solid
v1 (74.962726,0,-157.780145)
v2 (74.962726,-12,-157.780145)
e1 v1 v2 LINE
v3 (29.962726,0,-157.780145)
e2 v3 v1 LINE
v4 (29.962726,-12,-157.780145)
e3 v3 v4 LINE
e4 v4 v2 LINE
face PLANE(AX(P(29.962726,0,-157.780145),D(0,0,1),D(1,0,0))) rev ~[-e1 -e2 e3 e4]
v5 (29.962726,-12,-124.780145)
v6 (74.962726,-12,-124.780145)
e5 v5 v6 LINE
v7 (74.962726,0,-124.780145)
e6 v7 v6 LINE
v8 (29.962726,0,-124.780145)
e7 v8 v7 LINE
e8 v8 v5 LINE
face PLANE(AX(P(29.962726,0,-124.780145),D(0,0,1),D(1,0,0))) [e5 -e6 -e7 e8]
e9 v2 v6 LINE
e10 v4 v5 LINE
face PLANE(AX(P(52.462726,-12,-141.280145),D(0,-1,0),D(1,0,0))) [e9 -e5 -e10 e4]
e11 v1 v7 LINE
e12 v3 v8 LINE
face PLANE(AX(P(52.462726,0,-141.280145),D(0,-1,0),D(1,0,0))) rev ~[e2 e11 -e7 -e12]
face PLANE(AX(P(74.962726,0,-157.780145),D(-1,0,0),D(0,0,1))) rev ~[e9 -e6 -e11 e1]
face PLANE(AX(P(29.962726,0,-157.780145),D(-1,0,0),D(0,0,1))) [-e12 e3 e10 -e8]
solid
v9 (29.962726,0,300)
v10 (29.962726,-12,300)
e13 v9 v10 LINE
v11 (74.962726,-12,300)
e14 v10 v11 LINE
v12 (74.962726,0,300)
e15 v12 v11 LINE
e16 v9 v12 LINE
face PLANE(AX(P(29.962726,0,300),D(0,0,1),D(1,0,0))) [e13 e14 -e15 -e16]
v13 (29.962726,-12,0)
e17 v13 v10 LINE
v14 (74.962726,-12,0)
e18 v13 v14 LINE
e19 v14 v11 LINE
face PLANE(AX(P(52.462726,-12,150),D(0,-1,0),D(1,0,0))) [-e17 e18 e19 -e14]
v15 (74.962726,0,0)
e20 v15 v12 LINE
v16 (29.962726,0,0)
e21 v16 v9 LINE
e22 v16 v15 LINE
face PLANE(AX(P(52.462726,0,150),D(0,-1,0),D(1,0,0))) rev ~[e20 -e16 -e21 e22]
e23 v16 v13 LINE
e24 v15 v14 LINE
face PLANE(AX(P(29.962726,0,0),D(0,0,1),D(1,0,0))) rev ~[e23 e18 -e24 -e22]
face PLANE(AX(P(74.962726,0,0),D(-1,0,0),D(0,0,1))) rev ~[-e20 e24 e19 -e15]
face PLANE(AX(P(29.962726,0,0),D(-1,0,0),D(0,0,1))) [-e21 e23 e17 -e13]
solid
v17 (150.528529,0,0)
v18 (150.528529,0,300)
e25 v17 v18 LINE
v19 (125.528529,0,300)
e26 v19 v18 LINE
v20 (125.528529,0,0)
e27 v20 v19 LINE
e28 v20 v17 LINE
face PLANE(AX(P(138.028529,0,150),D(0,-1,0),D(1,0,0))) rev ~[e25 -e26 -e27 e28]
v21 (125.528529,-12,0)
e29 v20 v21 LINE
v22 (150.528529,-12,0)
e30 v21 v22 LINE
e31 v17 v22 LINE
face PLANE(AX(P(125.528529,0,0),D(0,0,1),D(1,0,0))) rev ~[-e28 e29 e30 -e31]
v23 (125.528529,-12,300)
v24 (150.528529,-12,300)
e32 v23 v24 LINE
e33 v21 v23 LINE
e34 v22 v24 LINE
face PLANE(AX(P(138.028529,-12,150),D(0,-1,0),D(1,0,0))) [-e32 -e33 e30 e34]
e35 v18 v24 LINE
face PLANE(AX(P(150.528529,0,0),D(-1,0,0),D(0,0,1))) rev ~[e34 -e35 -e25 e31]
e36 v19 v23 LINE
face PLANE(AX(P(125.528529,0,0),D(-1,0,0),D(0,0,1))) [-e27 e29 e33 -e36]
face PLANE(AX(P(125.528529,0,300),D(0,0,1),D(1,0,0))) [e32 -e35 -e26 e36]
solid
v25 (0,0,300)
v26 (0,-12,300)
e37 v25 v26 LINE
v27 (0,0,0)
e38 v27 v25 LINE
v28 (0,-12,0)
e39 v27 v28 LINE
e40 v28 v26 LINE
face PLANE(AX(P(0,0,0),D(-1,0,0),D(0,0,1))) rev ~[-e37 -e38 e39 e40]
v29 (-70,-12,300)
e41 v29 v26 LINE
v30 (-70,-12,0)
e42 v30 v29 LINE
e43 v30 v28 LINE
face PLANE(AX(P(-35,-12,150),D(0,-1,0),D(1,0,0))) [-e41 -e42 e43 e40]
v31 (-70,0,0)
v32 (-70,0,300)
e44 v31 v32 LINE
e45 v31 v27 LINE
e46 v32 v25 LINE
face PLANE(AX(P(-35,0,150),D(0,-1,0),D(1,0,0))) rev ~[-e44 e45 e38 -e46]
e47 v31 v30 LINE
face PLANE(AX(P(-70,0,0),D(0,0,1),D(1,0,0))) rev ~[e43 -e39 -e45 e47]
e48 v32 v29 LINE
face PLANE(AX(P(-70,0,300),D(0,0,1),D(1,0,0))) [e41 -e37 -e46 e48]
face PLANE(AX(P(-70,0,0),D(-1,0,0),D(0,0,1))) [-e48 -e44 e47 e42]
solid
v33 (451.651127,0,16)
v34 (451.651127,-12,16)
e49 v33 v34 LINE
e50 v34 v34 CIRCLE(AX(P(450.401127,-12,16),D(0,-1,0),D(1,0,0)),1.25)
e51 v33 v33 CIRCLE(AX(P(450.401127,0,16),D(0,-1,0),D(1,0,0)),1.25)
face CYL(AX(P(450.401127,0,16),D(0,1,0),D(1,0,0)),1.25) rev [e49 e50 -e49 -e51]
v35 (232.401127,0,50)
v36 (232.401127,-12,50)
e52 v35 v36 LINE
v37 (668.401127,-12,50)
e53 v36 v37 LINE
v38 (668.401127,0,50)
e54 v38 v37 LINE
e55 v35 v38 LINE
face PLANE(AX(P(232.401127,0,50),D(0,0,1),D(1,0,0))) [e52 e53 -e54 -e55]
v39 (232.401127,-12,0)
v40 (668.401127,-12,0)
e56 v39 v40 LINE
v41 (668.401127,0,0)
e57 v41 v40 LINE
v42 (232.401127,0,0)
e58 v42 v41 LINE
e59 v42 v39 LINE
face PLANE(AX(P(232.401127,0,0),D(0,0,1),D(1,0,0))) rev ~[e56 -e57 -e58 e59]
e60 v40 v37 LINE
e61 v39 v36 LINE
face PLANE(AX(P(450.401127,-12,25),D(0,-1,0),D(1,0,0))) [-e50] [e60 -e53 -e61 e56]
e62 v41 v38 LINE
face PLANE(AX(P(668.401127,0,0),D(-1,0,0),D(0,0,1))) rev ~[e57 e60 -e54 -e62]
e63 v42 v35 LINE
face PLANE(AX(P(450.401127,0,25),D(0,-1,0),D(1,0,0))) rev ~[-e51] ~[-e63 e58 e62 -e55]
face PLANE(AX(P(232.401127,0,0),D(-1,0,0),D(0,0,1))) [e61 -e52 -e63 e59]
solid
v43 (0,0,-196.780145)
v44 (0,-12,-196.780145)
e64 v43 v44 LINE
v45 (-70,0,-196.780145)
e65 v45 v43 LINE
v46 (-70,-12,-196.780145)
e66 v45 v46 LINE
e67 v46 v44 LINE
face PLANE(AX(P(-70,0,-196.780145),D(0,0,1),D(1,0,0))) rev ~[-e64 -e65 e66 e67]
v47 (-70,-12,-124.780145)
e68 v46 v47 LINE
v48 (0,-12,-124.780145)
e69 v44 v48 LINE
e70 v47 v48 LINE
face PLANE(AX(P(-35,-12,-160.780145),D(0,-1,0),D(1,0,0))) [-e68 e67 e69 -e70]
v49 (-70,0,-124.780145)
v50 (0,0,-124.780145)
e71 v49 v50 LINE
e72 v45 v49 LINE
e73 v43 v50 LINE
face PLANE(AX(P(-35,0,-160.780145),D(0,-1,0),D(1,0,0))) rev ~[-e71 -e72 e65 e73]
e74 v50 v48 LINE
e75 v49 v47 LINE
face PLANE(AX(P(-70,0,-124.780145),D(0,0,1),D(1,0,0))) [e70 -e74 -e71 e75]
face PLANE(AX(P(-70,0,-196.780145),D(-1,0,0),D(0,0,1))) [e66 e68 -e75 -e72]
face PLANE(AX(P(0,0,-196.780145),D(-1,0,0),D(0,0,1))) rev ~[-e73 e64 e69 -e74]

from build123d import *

# Parameters (mm, degrees)
F0_W     = 70
F0_H     = 300
F0_W_2   = 45
F0_W_3   = 25
F0_W_4   = 436
F0_H_2   = 50
F0_R     = 1.25
F0_H_3   = 72
F0_H_4   = 33
F1_DEPTH = 12


with BuildPart() as f1:
    # F0 (on Front) → F1 (new body)
    with BuildSketch(Plane.XZ):
        with Locations((-35, 150)):
            Rectangle(F0_W, F0_H)
        with Locations((52.462726, 150)):
            Rectangle(F0_W_2, F0_H)
        with Locations((138.028529, 150)):
            Rectangle(F0_W_3, F0_H)
        with Locations((450.401127, 25)):
            Rectangle(F0_W_4, F0_H_2)
        with Locations((450.401127, 16)):
            Circle(F0_R, mode=Mode.SUBTRACT)
        with Locations((-35, -160.780145)):
            Rectangle(F0_W, F0_H_3)
        with Locations((52.462726, -141.280145)):
            Rectangle(F0_W_2, F0_H_4)
    extrude(amount=F1_DEPTH)


solid = f1.part
